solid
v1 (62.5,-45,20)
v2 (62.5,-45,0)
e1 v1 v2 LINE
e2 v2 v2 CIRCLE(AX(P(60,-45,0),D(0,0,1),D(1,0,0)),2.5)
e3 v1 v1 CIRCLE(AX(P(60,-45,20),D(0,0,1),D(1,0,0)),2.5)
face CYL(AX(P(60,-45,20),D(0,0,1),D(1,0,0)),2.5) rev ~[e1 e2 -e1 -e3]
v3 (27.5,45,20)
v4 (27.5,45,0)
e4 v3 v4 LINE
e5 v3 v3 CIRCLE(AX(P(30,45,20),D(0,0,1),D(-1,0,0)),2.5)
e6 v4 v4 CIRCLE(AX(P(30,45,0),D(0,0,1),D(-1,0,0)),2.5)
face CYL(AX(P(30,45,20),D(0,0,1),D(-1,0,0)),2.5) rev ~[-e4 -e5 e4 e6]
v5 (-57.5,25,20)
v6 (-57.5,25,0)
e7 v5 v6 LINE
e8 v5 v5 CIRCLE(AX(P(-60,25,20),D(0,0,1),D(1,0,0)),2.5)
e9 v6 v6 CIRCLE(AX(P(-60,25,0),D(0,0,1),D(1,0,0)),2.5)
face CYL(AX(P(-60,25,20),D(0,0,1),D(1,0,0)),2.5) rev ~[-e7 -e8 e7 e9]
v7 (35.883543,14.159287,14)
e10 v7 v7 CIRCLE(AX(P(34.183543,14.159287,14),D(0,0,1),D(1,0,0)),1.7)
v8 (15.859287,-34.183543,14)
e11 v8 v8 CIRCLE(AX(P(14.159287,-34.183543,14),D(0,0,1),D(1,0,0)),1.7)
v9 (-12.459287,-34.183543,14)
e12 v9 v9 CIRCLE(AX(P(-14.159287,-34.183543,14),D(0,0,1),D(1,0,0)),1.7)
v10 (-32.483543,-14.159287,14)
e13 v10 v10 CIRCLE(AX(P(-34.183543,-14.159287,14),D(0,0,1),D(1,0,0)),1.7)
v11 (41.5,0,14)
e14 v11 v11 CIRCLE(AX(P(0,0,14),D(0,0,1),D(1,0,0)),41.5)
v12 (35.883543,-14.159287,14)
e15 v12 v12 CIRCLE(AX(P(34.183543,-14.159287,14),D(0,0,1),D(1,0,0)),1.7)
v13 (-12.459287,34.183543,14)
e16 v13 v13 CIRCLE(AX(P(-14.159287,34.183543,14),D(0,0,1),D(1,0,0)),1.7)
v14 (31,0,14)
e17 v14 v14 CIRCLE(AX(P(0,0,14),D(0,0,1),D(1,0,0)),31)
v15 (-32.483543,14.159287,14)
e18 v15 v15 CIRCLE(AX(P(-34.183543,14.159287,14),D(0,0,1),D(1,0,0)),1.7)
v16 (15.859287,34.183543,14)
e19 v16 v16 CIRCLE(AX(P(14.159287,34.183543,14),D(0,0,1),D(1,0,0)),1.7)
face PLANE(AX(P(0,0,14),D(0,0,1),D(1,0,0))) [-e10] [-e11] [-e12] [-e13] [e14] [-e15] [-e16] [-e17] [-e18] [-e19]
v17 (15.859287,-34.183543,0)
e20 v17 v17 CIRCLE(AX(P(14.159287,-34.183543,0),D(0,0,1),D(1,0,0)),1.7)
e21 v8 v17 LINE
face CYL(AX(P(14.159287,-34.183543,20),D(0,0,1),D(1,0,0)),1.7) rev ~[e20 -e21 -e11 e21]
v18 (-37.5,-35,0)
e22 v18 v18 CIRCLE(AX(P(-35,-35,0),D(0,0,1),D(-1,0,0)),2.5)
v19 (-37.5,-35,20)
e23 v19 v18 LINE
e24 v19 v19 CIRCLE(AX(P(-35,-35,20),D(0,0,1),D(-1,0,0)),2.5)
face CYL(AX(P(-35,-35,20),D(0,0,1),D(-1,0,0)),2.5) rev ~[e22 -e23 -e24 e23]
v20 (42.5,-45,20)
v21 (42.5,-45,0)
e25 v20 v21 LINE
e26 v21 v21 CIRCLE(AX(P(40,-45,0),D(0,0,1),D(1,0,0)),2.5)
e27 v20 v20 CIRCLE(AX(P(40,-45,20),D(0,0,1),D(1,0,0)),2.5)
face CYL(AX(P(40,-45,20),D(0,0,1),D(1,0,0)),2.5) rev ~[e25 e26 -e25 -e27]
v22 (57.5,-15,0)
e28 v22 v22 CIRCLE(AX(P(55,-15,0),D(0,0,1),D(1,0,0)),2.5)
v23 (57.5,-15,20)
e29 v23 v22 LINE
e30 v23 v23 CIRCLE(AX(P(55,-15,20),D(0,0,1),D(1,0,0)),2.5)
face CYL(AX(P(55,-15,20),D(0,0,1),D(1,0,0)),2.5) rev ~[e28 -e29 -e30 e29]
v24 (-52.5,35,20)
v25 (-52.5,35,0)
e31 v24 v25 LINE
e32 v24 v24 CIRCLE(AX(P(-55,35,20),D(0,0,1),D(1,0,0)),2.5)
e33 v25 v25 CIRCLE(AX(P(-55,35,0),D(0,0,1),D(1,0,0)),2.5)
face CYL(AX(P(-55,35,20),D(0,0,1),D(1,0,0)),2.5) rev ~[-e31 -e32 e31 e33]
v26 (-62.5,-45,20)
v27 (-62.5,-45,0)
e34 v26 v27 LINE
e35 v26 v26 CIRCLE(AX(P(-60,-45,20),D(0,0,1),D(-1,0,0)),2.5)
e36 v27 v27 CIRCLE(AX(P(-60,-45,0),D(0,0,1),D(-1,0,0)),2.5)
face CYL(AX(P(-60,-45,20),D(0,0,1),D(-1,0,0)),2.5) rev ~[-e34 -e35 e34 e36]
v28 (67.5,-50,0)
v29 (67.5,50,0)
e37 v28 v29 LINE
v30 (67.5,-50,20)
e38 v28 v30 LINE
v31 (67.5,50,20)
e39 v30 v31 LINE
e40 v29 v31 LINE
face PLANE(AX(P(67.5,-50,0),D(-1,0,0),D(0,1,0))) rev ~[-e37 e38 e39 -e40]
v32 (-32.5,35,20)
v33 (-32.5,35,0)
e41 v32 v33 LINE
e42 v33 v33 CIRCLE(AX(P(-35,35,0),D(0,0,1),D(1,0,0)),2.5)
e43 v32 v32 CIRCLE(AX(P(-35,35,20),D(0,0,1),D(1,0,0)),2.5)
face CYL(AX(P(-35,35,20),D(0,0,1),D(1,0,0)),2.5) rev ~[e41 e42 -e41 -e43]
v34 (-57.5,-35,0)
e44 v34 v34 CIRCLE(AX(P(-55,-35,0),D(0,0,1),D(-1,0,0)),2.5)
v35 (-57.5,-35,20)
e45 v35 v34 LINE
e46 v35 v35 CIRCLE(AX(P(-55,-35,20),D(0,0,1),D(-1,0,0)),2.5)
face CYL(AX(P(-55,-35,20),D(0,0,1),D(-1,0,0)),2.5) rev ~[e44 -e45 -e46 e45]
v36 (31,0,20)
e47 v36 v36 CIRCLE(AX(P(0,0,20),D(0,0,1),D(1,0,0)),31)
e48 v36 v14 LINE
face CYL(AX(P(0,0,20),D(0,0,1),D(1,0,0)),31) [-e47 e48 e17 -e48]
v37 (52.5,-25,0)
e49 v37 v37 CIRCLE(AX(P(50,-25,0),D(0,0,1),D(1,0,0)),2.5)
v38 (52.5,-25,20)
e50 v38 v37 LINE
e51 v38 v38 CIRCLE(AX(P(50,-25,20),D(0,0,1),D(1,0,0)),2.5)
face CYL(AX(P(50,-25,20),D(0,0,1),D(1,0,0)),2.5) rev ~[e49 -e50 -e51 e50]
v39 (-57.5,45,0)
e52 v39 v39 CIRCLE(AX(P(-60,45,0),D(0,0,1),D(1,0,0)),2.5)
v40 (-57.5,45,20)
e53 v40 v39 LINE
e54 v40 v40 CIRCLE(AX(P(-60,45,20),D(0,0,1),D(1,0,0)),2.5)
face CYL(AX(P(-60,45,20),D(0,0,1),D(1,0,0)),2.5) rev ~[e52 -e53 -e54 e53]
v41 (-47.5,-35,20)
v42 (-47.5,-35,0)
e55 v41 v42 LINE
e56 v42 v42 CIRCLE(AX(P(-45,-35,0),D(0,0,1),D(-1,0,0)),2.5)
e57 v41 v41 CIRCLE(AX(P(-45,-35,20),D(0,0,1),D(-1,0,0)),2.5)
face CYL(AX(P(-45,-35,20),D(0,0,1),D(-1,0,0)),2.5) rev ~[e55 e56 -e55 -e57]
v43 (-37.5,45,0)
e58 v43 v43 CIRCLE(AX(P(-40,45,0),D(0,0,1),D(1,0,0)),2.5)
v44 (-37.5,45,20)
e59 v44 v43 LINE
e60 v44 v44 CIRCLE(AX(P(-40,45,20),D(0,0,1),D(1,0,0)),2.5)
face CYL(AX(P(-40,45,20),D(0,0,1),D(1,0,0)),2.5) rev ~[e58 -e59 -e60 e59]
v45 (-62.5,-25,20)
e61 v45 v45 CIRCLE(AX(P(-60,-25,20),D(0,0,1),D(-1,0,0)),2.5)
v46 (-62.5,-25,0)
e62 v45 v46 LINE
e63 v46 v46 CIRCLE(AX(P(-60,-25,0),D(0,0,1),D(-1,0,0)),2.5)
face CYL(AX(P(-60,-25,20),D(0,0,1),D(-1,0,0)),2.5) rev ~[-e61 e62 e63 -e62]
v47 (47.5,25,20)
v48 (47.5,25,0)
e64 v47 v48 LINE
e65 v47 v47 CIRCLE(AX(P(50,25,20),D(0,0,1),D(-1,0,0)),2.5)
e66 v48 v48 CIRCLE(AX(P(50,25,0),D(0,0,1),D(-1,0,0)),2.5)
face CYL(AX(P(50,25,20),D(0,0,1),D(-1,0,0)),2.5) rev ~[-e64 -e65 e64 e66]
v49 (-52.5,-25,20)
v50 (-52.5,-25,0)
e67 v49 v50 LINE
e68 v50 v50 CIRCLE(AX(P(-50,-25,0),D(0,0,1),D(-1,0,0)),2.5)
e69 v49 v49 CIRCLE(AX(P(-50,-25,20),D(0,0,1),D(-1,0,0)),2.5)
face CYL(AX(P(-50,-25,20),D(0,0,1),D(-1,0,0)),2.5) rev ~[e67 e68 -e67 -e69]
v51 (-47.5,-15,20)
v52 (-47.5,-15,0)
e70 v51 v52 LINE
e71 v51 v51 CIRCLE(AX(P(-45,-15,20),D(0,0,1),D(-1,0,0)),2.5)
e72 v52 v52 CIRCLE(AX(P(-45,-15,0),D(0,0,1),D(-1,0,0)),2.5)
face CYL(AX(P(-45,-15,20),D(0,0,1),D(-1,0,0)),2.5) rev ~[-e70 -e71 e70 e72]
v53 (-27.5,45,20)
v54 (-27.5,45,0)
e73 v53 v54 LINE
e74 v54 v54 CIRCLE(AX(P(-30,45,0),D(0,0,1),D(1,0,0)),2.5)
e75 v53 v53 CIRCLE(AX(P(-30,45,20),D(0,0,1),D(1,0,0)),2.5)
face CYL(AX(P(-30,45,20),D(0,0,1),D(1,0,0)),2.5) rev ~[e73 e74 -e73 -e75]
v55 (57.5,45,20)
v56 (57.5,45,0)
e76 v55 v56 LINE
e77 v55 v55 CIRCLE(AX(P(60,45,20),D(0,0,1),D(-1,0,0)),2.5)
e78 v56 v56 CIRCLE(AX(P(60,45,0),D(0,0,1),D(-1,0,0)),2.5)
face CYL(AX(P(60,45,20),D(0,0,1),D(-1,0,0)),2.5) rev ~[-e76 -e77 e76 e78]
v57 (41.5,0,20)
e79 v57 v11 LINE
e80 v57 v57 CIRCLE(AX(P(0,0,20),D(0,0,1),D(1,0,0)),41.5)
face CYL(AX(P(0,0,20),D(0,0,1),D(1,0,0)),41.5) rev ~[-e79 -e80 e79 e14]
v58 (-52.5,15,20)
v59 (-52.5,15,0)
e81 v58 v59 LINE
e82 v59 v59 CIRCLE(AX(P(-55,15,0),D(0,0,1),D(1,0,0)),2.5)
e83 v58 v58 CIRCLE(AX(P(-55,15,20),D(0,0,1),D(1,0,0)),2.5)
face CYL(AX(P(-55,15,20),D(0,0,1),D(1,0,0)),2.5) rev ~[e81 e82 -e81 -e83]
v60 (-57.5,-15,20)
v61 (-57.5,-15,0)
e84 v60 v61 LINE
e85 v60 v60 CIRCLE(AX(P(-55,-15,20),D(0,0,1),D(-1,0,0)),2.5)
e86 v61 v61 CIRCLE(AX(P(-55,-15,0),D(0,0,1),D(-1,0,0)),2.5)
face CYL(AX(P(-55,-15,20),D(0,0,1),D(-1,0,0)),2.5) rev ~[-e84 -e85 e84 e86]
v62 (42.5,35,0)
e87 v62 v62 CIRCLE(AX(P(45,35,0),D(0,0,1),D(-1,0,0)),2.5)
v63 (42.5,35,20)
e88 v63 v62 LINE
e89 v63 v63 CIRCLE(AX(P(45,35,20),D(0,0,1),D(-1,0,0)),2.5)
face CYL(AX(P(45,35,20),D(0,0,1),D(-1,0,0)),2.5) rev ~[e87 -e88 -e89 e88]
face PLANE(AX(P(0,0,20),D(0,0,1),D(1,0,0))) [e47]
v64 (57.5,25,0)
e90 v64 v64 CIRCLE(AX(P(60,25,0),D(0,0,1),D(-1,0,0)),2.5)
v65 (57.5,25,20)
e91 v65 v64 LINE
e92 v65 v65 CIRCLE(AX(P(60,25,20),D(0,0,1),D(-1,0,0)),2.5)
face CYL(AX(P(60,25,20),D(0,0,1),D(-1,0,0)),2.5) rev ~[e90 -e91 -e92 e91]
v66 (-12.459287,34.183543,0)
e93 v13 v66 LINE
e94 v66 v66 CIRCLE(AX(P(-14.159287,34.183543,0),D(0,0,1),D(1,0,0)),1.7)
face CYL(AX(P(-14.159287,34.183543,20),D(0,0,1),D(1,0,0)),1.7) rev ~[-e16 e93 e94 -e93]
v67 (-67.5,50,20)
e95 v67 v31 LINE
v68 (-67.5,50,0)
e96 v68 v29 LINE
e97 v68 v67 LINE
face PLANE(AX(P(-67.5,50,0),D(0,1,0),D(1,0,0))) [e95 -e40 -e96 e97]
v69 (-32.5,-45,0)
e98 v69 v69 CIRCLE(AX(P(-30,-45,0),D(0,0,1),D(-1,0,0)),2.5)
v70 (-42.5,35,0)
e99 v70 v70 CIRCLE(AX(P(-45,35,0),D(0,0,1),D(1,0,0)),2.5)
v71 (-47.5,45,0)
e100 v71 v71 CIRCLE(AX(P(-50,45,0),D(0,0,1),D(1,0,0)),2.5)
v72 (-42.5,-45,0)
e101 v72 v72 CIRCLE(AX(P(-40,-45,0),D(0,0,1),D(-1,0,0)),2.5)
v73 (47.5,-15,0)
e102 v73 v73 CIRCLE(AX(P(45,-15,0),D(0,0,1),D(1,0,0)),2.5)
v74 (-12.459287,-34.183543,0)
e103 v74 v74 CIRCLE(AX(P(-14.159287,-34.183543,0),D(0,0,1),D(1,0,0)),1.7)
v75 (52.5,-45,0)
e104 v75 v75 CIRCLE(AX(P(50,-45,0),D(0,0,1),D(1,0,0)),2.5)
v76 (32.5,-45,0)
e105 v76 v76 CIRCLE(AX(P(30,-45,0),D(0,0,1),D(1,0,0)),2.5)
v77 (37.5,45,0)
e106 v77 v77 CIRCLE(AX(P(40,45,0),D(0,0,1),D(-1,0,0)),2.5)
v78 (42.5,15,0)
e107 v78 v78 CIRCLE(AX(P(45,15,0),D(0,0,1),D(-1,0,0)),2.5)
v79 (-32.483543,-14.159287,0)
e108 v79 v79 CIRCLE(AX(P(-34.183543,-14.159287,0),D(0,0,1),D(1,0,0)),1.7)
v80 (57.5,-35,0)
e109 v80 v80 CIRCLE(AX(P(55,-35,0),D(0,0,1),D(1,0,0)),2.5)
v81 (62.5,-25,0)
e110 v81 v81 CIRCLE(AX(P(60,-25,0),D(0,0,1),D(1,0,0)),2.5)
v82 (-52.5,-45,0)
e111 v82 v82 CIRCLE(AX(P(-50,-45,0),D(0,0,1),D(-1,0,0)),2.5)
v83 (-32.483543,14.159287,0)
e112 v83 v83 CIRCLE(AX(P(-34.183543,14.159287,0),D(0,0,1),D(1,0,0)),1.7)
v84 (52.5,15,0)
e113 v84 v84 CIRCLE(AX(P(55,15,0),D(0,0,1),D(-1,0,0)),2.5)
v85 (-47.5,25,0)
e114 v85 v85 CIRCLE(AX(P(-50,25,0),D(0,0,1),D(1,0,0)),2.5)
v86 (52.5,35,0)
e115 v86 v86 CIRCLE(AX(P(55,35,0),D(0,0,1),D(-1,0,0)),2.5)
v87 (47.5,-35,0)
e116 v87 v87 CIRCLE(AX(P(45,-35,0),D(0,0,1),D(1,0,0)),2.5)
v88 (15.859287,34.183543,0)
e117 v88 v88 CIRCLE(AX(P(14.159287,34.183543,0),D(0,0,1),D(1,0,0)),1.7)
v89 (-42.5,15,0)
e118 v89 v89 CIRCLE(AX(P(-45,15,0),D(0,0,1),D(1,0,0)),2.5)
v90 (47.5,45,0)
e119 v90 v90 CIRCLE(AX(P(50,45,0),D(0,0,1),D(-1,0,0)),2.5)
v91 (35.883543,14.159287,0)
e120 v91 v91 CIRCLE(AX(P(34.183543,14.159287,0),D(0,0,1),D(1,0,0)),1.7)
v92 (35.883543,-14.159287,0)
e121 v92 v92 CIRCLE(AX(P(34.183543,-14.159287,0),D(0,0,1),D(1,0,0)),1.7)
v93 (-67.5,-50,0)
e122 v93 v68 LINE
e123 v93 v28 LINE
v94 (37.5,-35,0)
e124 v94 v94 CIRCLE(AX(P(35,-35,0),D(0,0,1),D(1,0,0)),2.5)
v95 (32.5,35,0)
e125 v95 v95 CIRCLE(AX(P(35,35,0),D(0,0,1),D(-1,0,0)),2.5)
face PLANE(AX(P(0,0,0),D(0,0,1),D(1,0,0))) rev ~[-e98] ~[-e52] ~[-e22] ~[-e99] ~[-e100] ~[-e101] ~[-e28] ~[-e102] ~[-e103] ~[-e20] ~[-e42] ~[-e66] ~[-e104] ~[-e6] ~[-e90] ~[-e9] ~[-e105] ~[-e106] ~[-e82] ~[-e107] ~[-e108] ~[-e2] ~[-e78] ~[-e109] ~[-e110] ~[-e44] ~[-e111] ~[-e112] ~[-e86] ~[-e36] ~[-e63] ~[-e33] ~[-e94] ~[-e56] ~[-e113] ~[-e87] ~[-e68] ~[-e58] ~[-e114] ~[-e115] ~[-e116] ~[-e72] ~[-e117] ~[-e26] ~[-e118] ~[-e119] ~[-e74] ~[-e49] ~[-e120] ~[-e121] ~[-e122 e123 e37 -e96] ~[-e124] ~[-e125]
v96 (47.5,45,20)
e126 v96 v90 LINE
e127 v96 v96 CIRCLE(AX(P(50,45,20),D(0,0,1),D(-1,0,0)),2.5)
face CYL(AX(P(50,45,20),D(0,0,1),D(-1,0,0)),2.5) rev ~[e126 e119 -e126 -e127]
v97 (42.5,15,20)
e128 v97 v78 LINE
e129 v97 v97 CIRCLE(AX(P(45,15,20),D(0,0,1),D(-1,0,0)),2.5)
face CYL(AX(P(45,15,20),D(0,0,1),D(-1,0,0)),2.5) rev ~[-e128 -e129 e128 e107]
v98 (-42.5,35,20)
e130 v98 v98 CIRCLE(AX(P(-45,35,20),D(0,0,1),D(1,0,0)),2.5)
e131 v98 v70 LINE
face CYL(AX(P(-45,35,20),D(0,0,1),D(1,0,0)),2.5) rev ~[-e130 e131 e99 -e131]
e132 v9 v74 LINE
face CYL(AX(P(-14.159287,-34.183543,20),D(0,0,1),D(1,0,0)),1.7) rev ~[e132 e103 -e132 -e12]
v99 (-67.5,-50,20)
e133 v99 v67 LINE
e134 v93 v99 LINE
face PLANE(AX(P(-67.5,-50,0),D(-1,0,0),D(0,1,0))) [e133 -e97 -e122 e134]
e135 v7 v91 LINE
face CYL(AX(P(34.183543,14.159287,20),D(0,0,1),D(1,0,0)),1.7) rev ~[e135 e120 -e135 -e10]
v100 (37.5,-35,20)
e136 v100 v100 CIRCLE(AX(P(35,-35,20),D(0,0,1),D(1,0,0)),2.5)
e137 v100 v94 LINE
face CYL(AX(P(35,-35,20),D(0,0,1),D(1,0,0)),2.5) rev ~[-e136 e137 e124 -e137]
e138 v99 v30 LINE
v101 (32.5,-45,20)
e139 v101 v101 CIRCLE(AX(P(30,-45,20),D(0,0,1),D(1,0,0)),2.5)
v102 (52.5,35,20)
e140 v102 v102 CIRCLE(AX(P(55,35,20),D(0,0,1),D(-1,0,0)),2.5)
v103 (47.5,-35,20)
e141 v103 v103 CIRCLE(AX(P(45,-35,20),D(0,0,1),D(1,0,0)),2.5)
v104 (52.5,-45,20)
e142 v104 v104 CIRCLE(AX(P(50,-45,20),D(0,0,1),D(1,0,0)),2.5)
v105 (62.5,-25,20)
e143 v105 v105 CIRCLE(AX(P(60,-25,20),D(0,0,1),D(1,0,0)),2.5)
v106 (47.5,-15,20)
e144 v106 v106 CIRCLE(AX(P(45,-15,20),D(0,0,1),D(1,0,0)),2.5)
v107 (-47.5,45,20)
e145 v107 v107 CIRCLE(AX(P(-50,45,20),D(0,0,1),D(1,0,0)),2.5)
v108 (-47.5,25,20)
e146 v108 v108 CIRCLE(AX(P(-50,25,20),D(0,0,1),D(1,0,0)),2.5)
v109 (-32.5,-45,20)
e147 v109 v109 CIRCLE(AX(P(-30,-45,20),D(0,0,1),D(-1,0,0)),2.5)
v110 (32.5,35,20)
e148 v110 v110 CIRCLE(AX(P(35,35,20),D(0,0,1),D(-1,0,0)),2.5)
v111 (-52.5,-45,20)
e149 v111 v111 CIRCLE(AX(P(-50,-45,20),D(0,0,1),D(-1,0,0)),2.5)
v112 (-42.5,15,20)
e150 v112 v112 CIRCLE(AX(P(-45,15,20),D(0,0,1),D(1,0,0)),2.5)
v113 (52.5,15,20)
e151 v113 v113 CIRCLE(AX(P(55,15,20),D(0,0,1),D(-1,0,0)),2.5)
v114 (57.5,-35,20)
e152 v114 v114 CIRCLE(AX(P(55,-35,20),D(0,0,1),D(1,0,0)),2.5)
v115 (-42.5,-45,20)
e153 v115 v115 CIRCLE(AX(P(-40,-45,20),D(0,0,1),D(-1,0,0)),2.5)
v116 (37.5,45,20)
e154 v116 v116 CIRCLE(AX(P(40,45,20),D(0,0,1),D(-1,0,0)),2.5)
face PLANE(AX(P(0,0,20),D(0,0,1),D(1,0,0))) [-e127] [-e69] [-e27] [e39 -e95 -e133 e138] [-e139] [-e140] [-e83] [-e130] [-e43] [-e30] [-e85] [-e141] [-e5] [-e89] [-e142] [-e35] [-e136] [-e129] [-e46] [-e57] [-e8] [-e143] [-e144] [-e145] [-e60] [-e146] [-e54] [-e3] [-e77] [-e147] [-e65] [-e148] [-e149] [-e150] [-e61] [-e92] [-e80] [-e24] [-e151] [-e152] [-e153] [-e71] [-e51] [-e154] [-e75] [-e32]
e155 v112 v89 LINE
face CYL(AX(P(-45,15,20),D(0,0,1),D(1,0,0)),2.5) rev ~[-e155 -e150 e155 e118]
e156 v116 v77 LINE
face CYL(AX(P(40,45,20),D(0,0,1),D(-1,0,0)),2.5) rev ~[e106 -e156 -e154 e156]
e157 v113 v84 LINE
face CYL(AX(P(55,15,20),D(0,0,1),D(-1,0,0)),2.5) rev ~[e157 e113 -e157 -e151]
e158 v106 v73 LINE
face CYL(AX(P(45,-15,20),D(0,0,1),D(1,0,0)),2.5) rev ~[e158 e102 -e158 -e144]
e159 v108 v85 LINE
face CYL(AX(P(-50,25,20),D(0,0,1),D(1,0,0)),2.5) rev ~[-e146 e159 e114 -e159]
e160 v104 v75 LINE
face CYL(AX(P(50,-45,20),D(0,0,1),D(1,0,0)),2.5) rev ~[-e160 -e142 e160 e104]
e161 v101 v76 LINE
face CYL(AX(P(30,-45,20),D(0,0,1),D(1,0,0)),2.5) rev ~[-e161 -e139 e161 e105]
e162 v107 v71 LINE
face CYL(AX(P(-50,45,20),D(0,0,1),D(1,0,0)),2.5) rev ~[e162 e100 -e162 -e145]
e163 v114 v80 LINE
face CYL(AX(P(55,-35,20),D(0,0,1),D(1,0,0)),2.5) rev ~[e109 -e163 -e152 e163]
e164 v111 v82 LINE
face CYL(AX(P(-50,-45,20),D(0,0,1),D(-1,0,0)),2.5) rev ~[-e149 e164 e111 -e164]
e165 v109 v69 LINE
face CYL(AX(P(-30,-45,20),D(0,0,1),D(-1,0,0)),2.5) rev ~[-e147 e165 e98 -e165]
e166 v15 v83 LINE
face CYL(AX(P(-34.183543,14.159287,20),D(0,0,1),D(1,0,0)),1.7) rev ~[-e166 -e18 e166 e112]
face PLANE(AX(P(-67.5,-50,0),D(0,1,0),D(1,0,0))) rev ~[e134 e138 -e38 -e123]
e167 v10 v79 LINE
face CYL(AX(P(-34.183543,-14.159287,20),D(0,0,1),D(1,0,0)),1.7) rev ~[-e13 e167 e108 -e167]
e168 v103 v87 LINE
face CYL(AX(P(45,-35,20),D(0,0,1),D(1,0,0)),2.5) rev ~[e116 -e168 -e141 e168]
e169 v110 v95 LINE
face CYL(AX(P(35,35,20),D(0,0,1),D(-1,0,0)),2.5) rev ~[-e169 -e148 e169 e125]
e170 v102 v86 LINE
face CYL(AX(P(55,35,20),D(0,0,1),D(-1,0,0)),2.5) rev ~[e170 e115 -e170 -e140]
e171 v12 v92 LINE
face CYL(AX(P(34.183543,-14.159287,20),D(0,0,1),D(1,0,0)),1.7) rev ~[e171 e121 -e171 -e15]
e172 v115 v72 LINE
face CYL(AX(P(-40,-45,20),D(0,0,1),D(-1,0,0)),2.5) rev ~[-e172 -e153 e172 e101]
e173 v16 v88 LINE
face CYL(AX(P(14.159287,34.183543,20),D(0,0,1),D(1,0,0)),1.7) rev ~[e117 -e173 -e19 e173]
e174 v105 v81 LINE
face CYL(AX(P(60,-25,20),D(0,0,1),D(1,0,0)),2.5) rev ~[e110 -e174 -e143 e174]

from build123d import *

# Parameters (mm, degrees)
SKETCH_1_W          = 135
SKETCH_1_H          = 100
EXTRUDE_1_DEPTH     = 20
SKETCH_2_R          = 1.7
CUT_EXTRUDE_1_DEPTH = 20
SKETCH_3_R          = 41.5
SKETCH_3_R_2        = 31
CUT_EXTRUDE_2_DEPTH = 6
SKETCH_4_R          = 2.5
CUT_EXTRUDE_3_DEPTH = 20


with BuildPart() as part:
    # 草图1 → 凸台-拉伸1 (new body)
    with BuildSketch(Plane.XY):
        Rectangle(SKETCH_1_W, SKETCH_1_H)
    extrude(amount=EXTRUDE_1_DEPTH)

    # 草图2 → 切除-拉伸1 (cut)
    with BuildSketch(Plane.XY.offset(20)):
        with Locations((14.159286998, 34.183542703)):
            Circle(SKETCH_2_R)
        with Locations((34.183542703, 14.159286998)):
            Circle(SKETCH_2_R)
        with Locations((34.183542703, -14.159286998)):
            Circle(SKETCH_2_R)
        with Locations((14.159286998, -34.183542703)):
            Circle(SKETCH_2_R)
        with Locations((-14.159286998, -34.183542703)):
            Circle(SKETCH_2_R)
        with Locations((-34.183542703, -14.159286998)):
            Circle(SKETCH_2_R)
        with Locations((-34.183542703, 14.159286998)):
            Circle(SKETCH_2_R)
        with Locations((-14.159286998, 34.183542703)):
            Circle(SKETCH_2_R)
    extrude(amount=-CUT_EXTRUDE_1_DEPTH, mode=Mode.SUBTRACT)

    # 草图3 → 切除-拉伸2 (cut)
    with BuildSketch(Plane.XY.offset(20)):
        Circle(SKETCH_3_R)
        Circle(SKETCH_3_R_2, mode=Mode.SUBTRACT)
    extrude(amount=-CUT_EXTRUDE_2_DEPTH, mode=Mode.SUBTRACT)

    # 草图4 → 切除-拉伸3 (cut)
    with BuildSketch(Plane.XY.offset(20)):
        with Locations((-60, 45)):
            Circle(SKETCH_4_R)
        with Locations((-50, 45)):
            Circle(SKETCH_4_R)
        with Locations((-55, 35)):
            Circle(SKETCH_4_R)
        with Locations((-40, 45)):
            Circle(SKETCH_4_R)
        with Locations((-45, 35)):
            Circle(SKETCH_4_R)
        with Locations((-30, 45)):
            Circle(SKETCH_4_R)
        with Locations((-35, 35)):
            Circle(SKETCH_4_R)
        with Locations((-50, 25)):
            Circle(SKETCH_4_R)
        with Locations((-55, 15)):
            Circle(SKETCH_4_R)
        with Locations((-60, 25)):
            Circle(SKETCH_4_R)
        with Locations((-45, 15)):
            Circle(SKETCH_4_R)
        with Locations(Location((45, 15, 0), (0, 0, 180))):
            Circle(SKETCH_4_R)
        with Locations(Location((60, 25, 0), (0, 0, 180))):
            Circle(SKETCH_4_R)
        with Locations(Location((55, 15, 0), (0, 0, 180))):
            Circle(SKETCH_4_R)
        with Locations(Location((50, 25, 0), (0, 0, 180))):
            Circle(SKETCH_4_R)
        with Locations(Location((35, 35, 0), (0, 0, 180))):
            Circle(SKETCH_4_R)
        with Locations(Location((30, 45, 0), (0, 0, 180))):
            Circle(SKETCH_4_R)
        with Locations(Location((45, 35, 0), (0, 0, 180))):
            Circle(SKETCH_4_R)
        with Locations(Location((40, 45, 0), (0, 0, 180))):
            Circle(SKETCH_4_R)
        with Locations(Location((55, 35, 0), (0, 0, 180))):
            Circle(SKETCH_4_R)
        with Locations(Location((50, 45, 0), (0, 0, 180))):
            Circle(SKETCH_4_R)
        with Locations(Location((60, 45, 0), (0, 0, 180))):
            Circle(SKETCH_4_R)
        with Locations((60, -45)):
            Circle(SKETCH_4_R)
        with Locations((50, -45)):
            Circle(SKETCH_4_R)
        with Locations((55, -35)):
            Circle(SKETCH_4_R)
        with Locations((40, -45)):
            Circle(SKETCH_4_R)
        with Locations((45, -35)):
            Circle(SKETCH_4_R)
        with Locations((30, -45)):
            Circle(SKETCH_4_R)
        with Locations((35, -35)):
            Circle(SKETCH_4_R)
        with Locations((50, -25)):
            Circle(SKETCH_4_R)
        with Locations((55, -15)):
            Circle(SKETCH_4_R)
        with Locations((60, -25)):
            Circle(SKETCH_4_R)
        with Locations((45, -15)):
            Circle(SKETCH_4_R)
        with Locations(Location((-45, -15, 0), (0, 0, 180))):
            Circle(SKETCH_4_R)
        with Locations(Location((-60, -25, 0), (0, 0, 180))):
            Circle(SKETCH_4_R)
        with Locations(Location((-55, -15, 0), (0, 0, 180))):
            Circle(SKETCH_4_R)
        with Locations(Location((-50, -25, 0), (0, 0, 180))):
            Circle(SKETCH_4_R)
        with Locations(Location((-35, -35, 0), (0, 0, 180))):
            Circle(SKETCH_4_R)
        with Locations(Location((-30, -45, 0), (0, 0, 180))):
            Circle(SKETCH_4_R)
        with Locations(Location((-45, -35, 0), (0, 0, 180))):
            Circle(SKETCH_4_R)
        with Locations(Location((-40, -45, 0), (0, 0, 180))):
            Circle(SKETCH_4_R)
        with Locations(Location((-55, -35, 0), (0, 0, 180))):
            Circle(SKETCH_4_R)
        with Locations(Location((-50, -45, 0), (0, 0, 180))):
            Circle(SKETCH_4_R)
        with Locations(Location((-60, -45, 0), (0, 0, 180))):
            Circle(SKETCH_4_R)
    extrude(amount=-CUT_EXTRUDE_3_DEPTH, mode=Mode.SUBTRACT)


solid = part.part
